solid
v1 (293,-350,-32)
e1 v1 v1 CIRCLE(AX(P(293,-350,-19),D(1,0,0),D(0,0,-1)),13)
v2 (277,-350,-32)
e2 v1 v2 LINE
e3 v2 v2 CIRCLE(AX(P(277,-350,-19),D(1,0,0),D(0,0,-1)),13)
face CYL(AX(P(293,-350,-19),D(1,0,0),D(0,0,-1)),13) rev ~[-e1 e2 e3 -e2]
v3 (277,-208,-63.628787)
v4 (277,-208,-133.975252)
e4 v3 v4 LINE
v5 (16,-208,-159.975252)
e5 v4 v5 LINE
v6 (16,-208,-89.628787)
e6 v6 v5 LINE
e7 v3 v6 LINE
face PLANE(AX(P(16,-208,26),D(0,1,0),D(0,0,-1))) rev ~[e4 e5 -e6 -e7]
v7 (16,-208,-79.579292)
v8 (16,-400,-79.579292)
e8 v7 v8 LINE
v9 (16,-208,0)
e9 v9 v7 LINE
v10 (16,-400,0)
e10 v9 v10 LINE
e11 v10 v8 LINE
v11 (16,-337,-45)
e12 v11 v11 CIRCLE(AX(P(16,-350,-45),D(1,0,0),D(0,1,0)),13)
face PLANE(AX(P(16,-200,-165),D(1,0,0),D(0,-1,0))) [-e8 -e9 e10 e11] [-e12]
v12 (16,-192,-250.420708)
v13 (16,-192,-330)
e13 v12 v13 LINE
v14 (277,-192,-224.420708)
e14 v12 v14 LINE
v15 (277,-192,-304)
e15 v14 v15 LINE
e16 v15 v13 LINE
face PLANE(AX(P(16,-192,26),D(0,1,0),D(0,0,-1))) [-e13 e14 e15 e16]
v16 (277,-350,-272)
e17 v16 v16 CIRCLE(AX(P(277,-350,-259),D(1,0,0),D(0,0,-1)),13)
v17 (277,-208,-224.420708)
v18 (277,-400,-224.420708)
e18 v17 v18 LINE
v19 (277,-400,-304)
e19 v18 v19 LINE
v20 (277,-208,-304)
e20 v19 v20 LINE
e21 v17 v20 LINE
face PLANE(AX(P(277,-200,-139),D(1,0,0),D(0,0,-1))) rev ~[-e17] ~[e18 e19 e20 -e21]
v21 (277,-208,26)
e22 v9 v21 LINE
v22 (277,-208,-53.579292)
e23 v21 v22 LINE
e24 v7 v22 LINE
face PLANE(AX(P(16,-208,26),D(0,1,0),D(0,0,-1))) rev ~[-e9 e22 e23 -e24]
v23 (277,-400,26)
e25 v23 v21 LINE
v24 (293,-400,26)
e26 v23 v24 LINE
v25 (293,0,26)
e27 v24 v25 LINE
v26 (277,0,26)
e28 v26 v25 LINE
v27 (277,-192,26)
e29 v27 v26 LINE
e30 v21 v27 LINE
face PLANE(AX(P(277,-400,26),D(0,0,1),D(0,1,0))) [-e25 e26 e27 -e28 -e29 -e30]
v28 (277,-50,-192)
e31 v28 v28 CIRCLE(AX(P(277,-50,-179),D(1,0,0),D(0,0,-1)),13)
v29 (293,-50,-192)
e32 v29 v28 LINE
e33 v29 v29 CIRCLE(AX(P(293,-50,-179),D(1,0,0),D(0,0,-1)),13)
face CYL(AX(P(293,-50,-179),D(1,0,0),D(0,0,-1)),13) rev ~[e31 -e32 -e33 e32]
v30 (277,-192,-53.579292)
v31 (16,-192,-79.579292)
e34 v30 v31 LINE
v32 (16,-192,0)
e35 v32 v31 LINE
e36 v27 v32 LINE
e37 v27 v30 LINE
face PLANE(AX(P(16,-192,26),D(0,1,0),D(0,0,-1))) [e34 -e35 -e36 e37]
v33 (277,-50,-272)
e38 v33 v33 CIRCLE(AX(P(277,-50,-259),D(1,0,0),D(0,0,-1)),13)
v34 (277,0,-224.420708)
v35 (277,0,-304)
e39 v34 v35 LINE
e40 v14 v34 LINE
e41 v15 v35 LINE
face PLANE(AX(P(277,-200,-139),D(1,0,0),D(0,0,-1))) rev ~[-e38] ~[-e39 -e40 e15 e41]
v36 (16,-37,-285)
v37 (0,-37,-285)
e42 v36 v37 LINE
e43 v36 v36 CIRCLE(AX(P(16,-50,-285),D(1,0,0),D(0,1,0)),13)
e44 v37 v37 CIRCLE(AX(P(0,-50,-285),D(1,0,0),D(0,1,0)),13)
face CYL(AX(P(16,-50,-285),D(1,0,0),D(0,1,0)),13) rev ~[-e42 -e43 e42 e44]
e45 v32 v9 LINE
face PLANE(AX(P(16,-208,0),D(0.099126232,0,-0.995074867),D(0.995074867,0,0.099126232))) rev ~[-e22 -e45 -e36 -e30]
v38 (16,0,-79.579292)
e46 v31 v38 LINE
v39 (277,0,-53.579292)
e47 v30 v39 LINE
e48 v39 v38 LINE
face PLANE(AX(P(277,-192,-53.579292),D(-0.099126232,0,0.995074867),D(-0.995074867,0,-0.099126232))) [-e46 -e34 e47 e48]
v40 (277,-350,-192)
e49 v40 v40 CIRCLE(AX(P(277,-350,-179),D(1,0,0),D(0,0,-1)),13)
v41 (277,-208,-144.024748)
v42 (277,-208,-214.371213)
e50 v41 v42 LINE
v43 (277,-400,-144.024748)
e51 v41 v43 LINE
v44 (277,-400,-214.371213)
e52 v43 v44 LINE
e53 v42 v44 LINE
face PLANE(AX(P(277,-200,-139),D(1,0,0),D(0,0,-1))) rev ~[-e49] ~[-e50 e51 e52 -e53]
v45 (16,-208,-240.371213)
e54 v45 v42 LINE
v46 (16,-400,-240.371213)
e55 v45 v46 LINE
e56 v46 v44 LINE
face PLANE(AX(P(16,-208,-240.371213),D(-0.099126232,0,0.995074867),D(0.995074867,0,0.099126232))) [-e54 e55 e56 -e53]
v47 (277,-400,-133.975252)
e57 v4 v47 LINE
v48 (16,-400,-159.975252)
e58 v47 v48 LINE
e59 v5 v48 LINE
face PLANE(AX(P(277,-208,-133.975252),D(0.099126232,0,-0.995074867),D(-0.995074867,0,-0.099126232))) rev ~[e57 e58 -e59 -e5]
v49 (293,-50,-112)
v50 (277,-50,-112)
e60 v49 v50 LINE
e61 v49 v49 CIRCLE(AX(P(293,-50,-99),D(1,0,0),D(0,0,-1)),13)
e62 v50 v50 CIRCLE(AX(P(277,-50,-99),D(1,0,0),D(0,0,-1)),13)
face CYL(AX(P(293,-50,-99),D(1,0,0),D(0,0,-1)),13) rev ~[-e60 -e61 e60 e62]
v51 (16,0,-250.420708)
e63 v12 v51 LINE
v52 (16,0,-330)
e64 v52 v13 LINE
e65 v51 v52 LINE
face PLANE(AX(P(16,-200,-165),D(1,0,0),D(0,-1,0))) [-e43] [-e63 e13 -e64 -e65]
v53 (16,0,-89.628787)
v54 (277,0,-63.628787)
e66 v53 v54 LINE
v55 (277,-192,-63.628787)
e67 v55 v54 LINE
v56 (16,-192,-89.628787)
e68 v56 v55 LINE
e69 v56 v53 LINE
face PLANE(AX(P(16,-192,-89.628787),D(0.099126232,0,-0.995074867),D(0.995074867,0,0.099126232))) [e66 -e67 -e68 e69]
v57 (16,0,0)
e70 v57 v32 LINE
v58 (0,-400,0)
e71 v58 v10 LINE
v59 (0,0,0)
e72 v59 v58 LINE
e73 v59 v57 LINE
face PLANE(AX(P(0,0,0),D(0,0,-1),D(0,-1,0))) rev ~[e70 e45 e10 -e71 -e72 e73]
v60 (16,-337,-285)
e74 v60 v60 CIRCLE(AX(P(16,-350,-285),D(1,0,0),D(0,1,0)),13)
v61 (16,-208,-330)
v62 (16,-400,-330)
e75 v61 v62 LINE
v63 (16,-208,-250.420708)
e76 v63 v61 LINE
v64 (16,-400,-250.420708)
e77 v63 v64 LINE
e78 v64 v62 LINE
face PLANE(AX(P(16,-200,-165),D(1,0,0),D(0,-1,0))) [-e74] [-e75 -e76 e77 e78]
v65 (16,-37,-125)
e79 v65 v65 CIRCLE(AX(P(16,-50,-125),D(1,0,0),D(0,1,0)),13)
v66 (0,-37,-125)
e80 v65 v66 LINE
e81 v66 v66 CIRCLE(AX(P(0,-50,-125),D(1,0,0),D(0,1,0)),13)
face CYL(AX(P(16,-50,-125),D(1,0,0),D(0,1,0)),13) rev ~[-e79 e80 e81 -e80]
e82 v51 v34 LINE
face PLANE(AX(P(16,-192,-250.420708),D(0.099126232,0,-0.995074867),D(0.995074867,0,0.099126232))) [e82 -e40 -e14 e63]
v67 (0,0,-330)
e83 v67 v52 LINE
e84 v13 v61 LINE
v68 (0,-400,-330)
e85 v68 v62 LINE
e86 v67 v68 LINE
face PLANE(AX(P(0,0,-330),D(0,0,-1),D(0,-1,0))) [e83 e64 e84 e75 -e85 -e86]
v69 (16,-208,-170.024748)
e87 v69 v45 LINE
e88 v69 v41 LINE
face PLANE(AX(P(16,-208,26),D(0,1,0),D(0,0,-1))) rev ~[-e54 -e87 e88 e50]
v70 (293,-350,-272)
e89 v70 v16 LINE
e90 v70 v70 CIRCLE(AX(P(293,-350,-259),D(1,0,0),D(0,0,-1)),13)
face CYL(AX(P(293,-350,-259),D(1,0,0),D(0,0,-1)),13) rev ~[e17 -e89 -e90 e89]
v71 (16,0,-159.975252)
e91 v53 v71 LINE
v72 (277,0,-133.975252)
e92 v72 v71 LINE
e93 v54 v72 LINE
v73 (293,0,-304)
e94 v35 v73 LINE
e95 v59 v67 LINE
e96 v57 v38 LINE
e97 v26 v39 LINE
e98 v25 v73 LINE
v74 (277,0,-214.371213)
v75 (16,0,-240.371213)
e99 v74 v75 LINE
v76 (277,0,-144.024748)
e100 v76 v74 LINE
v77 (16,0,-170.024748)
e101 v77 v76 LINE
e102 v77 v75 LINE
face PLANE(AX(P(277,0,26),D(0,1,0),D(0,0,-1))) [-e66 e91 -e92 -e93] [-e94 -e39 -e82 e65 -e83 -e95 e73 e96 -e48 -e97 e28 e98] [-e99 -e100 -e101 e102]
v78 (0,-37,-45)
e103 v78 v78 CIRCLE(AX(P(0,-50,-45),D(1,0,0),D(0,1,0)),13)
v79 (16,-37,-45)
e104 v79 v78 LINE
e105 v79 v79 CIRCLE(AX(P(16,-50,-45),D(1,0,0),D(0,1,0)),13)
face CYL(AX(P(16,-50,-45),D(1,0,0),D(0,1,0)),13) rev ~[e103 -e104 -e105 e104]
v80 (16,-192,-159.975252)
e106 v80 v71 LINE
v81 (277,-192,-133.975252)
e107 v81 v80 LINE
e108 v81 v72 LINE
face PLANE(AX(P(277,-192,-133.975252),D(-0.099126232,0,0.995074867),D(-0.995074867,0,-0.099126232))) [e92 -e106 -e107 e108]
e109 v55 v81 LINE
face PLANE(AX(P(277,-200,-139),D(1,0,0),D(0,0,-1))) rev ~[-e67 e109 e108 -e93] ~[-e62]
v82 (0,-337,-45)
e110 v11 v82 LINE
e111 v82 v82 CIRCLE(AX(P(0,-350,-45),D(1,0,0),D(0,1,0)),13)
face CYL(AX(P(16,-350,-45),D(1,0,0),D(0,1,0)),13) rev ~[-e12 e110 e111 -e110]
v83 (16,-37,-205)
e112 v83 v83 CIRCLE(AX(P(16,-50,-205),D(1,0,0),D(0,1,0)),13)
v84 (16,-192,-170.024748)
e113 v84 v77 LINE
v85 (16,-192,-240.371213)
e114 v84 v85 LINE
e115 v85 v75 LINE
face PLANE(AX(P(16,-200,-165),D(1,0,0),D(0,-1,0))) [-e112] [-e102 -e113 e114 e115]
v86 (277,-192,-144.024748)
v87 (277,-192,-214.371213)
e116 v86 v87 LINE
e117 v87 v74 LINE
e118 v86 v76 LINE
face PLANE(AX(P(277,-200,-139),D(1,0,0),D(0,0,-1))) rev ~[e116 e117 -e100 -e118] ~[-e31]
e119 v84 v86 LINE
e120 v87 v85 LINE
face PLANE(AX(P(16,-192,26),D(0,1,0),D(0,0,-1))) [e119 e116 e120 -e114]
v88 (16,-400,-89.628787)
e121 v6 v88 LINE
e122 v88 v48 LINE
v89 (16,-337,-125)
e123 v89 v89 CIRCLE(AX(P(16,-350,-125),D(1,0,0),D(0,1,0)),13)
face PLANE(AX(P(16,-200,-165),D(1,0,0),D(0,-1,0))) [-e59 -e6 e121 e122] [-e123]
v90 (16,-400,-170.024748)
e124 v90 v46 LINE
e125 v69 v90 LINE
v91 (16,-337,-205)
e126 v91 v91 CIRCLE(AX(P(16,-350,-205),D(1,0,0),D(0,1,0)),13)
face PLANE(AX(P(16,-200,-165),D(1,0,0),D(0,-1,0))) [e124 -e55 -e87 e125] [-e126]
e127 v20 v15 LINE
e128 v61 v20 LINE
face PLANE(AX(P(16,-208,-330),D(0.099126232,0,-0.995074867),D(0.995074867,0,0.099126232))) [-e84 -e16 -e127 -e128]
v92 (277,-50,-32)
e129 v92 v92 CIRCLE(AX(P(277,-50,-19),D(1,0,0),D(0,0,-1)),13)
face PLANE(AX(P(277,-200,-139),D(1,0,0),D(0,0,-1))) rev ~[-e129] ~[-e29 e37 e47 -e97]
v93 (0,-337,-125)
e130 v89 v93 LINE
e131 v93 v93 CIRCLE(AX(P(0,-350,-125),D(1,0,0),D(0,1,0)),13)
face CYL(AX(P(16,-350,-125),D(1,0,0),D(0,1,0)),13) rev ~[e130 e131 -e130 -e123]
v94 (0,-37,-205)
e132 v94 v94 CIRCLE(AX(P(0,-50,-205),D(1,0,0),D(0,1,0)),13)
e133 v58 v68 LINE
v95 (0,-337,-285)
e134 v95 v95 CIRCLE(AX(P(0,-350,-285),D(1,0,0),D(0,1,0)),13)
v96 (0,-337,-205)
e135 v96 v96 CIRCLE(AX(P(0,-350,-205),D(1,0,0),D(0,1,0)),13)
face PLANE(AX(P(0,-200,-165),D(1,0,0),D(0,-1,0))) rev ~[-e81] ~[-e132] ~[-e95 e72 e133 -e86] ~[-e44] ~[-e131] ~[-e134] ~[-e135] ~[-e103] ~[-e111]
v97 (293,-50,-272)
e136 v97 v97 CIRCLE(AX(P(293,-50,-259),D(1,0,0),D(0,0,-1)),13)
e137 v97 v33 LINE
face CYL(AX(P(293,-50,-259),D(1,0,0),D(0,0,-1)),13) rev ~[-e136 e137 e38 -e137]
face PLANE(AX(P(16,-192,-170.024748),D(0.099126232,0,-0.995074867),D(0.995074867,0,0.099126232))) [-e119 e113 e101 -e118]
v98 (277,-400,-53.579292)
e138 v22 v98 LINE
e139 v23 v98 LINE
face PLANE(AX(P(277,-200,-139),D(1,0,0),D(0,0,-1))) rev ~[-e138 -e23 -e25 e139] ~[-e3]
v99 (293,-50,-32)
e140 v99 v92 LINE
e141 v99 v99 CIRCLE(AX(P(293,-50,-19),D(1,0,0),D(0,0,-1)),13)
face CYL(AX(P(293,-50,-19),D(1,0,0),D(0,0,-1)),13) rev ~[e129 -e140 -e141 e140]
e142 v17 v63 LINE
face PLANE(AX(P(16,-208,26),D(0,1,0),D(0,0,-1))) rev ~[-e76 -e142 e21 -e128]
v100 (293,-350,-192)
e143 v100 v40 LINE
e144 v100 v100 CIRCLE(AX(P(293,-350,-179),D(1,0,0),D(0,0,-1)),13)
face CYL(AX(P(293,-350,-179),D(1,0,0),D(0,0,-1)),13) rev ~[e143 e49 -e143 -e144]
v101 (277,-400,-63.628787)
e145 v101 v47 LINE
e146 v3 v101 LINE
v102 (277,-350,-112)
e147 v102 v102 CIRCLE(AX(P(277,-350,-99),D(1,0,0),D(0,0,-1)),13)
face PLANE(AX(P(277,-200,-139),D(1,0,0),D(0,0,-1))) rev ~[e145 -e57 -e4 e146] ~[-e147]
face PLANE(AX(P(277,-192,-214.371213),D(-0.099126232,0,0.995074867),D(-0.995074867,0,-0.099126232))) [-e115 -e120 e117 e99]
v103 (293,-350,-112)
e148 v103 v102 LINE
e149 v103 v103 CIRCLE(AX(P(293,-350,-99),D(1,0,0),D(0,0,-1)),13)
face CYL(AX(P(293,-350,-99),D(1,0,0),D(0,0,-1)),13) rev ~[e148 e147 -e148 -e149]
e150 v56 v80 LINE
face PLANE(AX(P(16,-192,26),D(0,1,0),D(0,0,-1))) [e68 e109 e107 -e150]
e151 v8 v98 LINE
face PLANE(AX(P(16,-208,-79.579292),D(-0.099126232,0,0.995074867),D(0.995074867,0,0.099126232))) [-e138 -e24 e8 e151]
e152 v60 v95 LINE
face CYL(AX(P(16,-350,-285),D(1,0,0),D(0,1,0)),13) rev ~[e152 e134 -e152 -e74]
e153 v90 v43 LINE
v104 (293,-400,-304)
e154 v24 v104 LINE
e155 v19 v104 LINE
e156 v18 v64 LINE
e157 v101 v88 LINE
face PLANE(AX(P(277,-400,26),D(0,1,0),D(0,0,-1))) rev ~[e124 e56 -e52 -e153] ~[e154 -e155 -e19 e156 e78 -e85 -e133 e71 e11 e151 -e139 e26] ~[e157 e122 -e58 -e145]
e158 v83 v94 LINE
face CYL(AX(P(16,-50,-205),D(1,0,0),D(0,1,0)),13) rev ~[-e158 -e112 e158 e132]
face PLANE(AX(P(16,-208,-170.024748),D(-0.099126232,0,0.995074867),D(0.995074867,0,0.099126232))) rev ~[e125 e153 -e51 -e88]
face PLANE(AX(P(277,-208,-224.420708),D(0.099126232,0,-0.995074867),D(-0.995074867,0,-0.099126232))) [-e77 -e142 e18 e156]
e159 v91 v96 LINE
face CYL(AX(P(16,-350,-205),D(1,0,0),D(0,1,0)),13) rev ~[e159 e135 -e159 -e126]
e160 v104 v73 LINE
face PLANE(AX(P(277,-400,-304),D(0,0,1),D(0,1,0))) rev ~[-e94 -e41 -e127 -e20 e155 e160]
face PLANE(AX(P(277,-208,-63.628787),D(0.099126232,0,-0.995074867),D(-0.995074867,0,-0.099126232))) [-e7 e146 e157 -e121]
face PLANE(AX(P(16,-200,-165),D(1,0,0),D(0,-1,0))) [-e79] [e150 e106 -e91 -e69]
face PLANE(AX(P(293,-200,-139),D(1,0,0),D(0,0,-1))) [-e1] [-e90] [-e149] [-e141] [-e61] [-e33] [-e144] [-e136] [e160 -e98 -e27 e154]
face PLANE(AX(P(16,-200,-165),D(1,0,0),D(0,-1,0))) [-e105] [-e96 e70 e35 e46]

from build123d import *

# Parameters (mm, degrees)
SKETCH_7_W                  = 400
SKETCH_7_H                  = 330
EXTRUDE_6_DEPTH             = 16
SKETCH_8_R                  = 13
CUT_EXTRUDE_2_DEPTH         = 519.802467226
PATTERN_LINEAR_1_COUNT      = 2
PATTERN_LINEAR_1_PITCH      = 300
PATTERN_LINEAR_1_COUNT_DIR2 = 4
PATTERN_LINEAR_1_PITCH_DIR2 = 80
SKETCH_9_W                  = 382
SKETCH_9_H                  = 16
EXTRUDE_7_DEPTH             = 261
CUT_EXTRUDE_3_DEPTH         = 497.718229986
EXTRUDE_8_DEPTH             = 192
EXTRUDE_9_DEPTH             = 192
SKETCH_13_W                 = 330
SKETCH_13_H                 = 400
EXTRUDE_10_DEPTH            = 16
SKETCH_14_R                 = 13
CUT_EXTRUDE_4_DEPTH         = 16
PATTERN_LINEAR_2_COUNT      = 4
PATTERN_LINEAR_2_PITCH      = 80
PATTERN_LINEAR_2_COUNT_DIR2 = 2
PATTERN_LINEAR_2_PITCH_DIR2 = 300


with BuildPart() as part:
    # 草图7 → 凸台-拉伸6 (new body)
    with BuildSketch(Plane(origin=(0, 0, 0), x_dir=(0, -1, 0), z_dir=(1, 0, 0))):
        with Locations((200, 165)):
            Rectangle(SKETCH_7_W, SKETCH_7_H)
    extrude(amount=EXTRUDE_6_DEPTH)

    # 草图8 → 切除-拉伸2 (cut, through all)
    with BuildSketch(Plane(origin=(16, 0, 0), x_dir=(0, -1, 0), z_dir=(1, 0, 0))):
        with Locations(Location((50, 45, 0), (0, 0, 180))):
            Circle(SKETCH_8_R)
    cut_extrude_2 = extrude(amount=-CUT_EXTRUDE_2_DEPTH, mode=Mode.SUBTRACT)

    # 阵列(线性)1: Cut-Extrude 2 2 × 4
    with Locations(*[(0, -i * PATTERN_LINEAR_1_PITCH, -j * PATTERN_LINEAR_1_PITCH_DIR2) for i in range(PATTERN_LINEAR_1_COUNT) for j in range(PATTERN_LINEAR_1_COUNT_DIR2) if (i, j) != (0, 0)]):
        add(cut_extrude_2, mode=Mode.SUBTRACT)

    # 草图9 → 凸台-拉伸7 (add)
    with BuildSketch(Plane(origin=(16, 0, 0), x_dir=(0, 0, -1), z_dir=(1, 0, 0))):
        with Locations((165, -200)):
            Rectangle(SKETCH_9_W, SKETCH_9_H)
    extrude(amount=EXTRUDE_7_DEPTH)

    # 草图10 → 切除-拉伸3 (cut, through all)
    with BuildSketch(Plane(origin=(0, -208, 0), x_dir=(-1, 0, 0), z_dir=(0, -1, 0))):
        Polygon((-16, -26), (-16, 0), (-277, -26), align=None)
        Polygon((-16, 330), (-277, 304), (-277, 356), (-16, 356), align=None)
    extrude(amount=-CUT_EXTRUDE_3_DEPTH, mode=Mode.SUBTRACT)

    # 草图11 → 凸台-拉伸8 (add)
    with BuildSketch(Plane.XZ.offset(208)):
        Polygon((16, -79.579291616), (277, -53.579291616), (277, -63.62878672), (16, -89.62878672), align=None)
        Polygon((16, -170.024747552), (277, -144.024747552), (277, -133.975252448), (16, -159.975252448), align=None)
        Polygon((16, -240.37121328), (277, -214.37121328), (277, -224.420708384), (16, -250.420708384), align=None)
    extrude(amount=EXTRUDE_8_DEPTH)

    # 草图12 → 凸台-拉伸9 (add)
    with BuildSketch(Plane(origin=(0, -192, 0), x_dir=(1, 0, 0), z_dir=(0, 1, 0))):
        Polygon((16, 79.579291616), (16, 89.62878672), (277, 63.62878672), (277, 53.579291616), align=None)
        Polygon((16, 159.975252448), (16, 170.024747552), (277, 144.024747552), (277, 133.975252448), align=None)
        Polygon((16, 240.37121328), (16, 250.420708384), (277, 224.420708384), (277, 214.37121328), align=None)
    extrude(amount=EXTRUDE_9_DEPTH)

    # 草图13 → 凸台-拉伸10 (add)
    with BuildSketch(Plane(origin=(277, 0, 0), x_dir=(0, 0, -1), z_dir=(1, 0, 0))):
        with Locations((139, -200)):
            Rectangle(SKETCH_13_W, SKETCH_13_H)
    extrude(amount=EXTRUDE_10_DEPTH)

    # 草图14 → 切除-拉伸4 (cut)
    with BuildSketch(Plane(origin=(293, 0, 0), x_dir=(0, 0, -1), z_dir=(1, 0, 0))):
        with Locations((19, -350)):
            Circle(SKETCH_14_R)
    cut_extrude_4 = extrude(amount=-CUT_EXTRUDE_4_DEPTH, mode=Mode.SUBTRACT)

    # 阵列(线性)2: Cut-Extrude 4 4 × 2
    with Locations(*[(0, j * PATTERN_LINEAR_2_PITCH_DIR2, -i * PATTERN_LINEAR_2_PITCH) for i in range(PATTERN_LINEAR_2_COUNT) for j in range(PATTERN_LINEAR_2_COUNT_DIR2) if (i, j) != (0, 0)]):
        add(cut_extrude_4, mode=Mode.SUBTRACT)


solid = part.part
